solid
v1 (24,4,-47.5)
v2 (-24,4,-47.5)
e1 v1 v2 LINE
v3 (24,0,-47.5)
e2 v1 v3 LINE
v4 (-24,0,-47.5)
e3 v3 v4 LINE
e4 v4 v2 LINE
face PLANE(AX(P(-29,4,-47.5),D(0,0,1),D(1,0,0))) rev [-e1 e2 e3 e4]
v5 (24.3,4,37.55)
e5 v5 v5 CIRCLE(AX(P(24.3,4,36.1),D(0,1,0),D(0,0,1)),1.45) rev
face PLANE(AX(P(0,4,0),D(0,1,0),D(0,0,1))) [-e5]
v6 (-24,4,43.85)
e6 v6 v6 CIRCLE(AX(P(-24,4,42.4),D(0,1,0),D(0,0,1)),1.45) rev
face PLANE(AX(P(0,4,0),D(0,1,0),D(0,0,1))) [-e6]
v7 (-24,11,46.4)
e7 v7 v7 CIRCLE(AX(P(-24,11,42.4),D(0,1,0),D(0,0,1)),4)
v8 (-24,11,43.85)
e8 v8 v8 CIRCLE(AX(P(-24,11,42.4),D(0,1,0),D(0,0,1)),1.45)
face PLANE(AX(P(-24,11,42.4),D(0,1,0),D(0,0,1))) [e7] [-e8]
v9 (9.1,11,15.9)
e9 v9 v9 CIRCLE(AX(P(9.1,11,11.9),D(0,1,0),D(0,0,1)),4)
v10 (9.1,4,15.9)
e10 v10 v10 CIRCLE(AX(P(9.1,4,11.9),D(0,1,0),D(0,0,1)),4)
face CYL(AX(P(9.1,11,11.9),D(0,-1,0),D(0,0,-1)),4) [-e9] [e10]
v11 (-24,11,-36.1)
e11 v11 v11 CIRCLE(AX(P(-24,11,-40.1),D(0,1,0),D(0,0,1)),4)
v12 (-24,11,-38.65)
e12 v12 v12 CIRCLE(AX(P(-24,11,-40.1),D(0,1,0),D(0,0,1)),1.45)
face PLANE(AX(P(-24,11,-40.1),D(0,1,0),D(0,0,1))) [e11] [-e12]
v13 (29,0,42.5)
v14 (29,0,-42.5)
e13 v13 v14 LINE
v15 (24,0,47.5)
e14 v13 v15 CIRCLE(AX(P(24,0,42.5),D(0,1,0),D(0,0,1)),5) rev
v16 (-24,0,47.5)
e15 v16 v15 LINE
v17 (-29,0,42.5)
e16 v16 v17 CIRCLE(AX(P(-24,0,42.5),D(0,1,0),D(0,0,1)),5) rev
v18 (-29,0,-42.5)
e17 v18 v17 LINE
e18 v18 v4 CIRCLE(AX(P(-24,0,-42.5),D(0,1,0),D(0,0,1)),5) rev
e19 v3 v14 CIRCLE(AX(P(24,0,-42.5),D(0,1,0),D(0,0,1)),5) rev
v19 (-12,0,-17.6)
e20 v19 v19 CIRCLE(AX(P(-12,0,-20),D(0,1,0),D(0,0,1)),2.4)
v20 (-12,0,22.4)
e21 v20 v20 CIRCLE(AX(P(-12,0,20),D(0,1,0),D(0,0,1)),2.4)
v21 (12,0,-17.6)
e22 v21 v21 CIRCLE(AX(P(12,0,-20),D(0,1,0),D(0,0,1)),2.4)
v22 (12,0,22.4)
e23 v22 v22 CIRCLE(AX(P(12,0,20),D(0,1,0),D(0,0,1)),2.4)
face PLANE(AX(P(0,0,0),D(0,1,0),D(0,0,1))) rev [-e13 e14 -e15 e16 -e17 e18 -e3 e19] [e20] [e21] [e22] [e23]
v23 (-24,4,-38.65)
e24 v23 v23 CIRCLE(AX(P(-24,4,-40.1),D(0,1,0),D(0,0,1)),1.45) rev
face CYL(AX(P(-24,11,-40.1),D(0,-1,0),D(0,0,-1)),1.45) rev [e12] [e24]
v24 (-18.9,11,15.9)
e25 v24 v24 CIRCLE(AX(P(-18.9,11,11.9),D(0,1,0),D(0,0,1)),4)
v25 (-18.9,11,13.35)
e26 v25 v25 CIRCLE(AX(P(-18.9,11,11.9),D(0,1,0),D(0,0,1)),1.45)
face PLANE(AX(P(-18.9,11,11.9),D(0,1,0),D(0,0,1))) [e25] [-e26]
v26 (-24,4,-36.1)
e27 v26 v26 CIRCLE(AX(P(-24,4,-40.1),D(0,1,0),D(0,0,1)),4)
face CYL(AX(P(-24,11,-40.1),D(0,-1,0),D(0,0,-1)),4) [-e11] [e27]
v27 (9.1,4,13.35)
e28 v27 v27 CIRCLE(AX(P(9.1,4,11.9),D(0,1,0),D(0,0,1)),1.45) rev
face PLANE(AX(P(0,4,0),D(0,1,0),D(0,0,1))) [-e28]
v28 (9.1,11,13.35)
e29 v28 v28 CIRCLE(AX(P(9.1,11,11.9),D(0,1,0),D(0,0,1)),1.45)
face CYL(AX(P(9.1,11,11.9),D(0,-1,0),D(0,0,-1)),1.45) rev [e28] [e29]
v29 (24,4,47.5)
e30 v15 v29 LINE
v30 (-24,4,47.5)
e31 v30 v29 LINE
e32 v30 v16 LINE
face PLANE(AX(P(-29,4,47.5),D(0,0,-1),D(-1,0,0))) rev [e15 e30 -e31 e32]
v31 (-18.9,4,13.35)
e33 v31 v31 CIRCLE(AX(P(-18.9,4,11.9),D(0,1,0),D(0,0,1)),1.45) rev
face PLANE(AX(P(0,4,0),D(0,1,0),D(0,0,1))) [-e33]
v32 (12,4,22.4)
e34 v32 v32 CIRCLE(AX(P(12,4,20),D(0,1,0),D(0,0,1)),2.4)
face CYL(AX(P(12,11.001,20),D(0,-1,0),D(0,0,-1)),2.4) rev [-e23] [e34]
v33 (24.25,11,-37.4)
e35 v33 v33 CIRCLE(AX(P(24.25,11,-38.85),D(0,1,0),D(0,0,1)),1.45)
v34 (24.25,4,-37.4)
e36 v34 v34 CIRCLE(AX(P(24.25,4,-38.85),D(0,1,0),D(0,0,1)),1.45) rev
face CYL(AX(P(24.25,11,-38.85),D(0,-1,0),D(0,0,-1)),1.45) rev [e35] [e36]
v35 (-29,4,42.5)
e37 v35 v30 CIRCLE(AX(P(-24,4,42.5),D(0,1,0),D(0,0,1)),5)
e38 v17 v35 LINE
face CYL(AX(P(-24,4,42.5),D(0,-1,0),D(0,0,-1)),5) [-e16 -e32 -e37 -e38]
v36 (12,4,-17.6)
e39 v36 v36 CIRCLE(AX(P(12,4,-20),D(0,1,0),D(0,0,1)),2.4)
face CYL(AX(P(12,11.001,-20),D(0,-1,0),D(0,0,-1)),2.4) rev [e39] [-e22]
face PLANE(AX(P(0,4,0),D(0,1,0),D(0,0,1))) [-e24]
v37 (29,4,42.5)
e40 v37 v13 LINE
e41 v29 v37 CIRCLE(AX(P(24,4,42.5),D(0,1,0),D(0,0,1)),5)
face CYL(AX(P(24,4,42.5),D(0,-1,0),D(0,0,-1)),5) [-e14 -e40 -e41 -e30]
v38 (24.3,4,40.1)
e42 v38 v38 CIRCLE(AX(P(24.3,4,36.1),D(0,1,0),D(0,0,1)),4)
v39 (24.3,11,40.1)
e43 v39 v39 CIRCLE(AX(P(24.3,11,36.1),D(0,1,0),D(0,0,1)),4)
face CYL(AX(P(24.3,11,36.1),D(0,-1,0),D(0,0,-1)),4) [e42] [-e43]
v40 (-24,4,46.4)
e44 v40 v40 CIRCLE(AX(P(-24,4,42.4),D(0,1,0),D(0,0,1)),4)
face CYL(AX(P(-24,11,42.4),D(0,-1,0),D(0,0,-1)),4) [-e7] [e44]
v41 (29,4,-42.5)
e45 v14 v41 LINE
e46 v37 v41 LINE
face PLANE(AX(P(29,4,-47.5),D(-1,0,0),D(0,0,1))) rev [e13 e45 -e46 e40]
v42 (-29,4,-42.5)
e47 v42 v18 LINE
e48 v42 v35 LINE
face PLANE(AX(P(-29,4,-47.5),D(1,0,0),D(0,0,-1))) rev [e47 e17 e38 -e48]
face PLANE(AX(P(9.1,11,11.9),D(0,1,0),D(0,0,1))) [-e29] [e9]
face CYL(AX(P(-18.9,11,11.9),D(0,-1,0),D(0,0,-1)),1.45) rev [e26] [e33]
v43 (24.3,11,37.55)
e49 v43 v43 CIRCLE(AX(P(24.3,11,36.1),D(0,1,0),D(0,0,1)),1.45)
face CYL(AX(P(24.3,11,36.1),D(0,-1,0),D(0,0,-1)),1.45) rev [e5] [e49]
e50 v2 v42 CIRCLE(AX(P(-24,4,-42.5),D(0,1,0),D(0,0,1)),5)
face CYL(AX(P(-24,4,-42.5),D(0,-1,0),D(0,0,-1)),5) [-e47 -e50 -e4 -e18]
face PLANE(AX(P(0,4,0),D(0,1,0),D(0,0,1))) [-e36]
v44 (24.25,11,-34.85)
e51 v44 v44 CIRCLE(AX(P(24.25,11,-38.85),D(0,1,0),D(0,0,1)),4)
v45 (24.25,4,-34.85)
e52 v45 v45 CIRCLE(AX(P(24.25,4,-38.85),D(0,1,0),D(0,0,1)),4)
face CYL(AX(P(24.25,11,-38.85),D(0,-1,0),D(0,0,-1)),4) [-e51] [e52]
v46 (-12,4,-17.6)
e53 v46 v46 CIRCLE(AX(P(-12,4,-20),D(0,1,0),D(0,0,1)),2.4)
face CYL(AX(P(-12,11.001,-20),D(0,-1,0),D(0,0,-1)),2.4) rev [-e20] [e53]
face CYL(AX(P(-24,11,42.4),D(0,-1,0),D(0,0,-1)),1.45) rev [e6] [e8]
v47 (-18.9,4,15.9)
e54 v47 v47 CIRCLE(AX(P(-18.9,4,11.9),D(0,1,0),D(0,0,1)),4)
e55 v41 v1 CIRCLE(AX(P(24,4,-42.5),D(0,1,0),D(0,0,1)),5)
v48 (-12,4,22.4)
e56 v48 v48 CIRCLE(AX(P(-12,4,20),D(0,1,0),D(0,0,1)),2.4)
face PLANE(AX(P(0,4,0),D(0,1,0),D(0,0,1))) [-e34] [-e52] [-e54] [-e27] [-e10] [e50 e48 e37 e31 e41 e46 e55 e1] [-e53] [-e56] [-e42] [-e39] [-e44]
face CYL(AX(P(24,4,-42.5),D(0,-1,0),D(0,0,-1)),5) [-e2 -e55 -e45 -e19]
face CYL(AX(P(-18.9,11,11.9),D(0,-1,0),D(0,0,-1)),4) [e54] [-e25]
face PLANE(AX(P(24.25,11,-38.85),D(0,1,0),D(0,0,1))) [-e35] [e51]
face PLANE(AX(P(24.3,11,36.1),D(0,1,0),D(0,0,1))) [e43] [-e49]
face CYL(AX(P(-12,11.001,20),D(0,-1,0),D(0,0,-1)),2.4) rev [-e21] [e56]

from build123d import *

# Parameters (mm, degrees)
SKETCH1_W           = 58
SKETCH1_H           = 95
BOSS_EXTRUDE1_DEPTH = 4
SKETCH2_R           = 4
SKETCH2_R_2         = 1.45
BOSS_EXTRUDE2_DEPTH = 7
FILLET1_R           = 5
CUT_EXTRUDE1_REACH  = 58.73
SKETCH3_R           = 2.4


with BuildPart() as part:
    # Sketch1 → Boss-Extrude1 (new body)
    with BuildSketch(Plane(origin=(0, 0, 0), x_dir=(1, 0, 0), z_dir=(0, 1, 0))):
        Rectangle(SKETCH1_W, SKETCH1_H)
    extrude(amount=BOSS_EXTRUDE1_DEPTH)

    # Sketch2 → Boss-Extrude2 (add)
    # profile 1 of 6: a face of its own
    with BuildSketch(Plane(origin=(0, 4, 0), x_dir=(1, 0, 0), z_dir=(0, 1, 0))):
        with Locations(Location((-24, 40.1, 0), (0, 0, 270))):
            Circle(SKETCH2_R)
        with Locations(Location((-24, 40.1, 0), (0, 0, 270))):
            Circle(SKETCH2_R_2, mode=Mode.SUBTRACT)
    # profile 2 of 6: a face of its own
    with BuildSketch(Plane(origin=(0, 4, 0), x_dir=(1, 0, 0), z_dir=(0, 1, 0))):
        with Locations(Location((24.25, 38.85, 0), (0, 0, 270))):
            Circle(SKETCH2_R)
        with Locations(Location((24.25, 38.85, 0), (0, 0, 270))):
            Circle(SKETCH2_R_2, mode=Mode.SUBTRACT)
    # profile 3 of 6: a face of its own
    with BuildSketch(Plane(origin=(0, 4, 0), x_dir=(1, 0, 0), z_dir=(0, 1, 0))):
        with Locations(Location((-18.9, -11.9, 0), (0, 0, 270))):
            Circle(SKETCH2_R)
        with Locations(Location((-18.9, -11.9, 0), (0, 0, 270))):
            Circle(SKETCH2_R_2, mode=Mode.SUBTRACT)
    # profile 4 of 6: a face of its own
    with BuildSketch(Plane(origin=(0, 4, 0), x_dir=(1, 0, 0), z_dir=(0, 1, 0))):
        with Locations(Location((9.1, -11.9, 0), (0, 0, 270))):
            Circle(SKETCH2_R)
        with Locations(Location((9.1, -11.9, 0), (0, 0, 270))):
            Circle(SKETCH2_R_2, mode=Mode.SUBTRACT)
    # profile 5 of 6: a face of its own
    with BuildSketch(Plane(origin=(0, 4, 0), x_dir=(1, 0, 0), z_dir=(0, 1, 0))):
        with Locations(Location((-24, -42.4, 0), (0, 0, 270))):
            Circle(SKETCH2_R)
        with Locations(Location((-24, -42.4, 0), (0, 0, 270))):
            Circle(SKETCH2_R_2, mode=Mode.SUBTRACT)
    # profile 6 of 6: a face of its own
    with BuildSketch(Plane(origin=(0, 4, 0), x_dir=(1, 0, 0), z_dir=(0, 1, 0))):
        with Locations(Location((24.3, -36.1, 0), (0, 0, 270))):
            Circle(SKETCH2_R)
        with Locations(Location((24.3, -36.1, 0), (0, 0, 270))):
            Circle(SKETCH2_R_2, mode=Mode.SUBTRACT)
    extrude(amount=BOSS_EXTRUDE2_DEPTH)

    # Fillet1
    fillet1_edges = [part.edges().sort_by_distance(p)[0] for p in [
        (29, 2, 47.5),
        (-29, 2, 47.5),
        (-29, 2, -47.5),
        (29, 2, -47.5),
    ]]
    fillet(fillet1_edges, radius=FILLET1_R)

    # Sketch3 → Cut-Extrude1 (cut, up to next)
    with BuildSketch(Plane(origin=(0, 0, 0), x_dir=(1, 0, 0), z_dir=(0, 1, 0)), mode=Mode.PRIVATE) as cut_extrude1_sk1:
        with Locations(Location((-12, 20, 0), (0, 0, 270))):
            Circle(SKETCH3_R)
    cut_extrude1_tool1 = extrude(cut_extrude1_sk1.sketch, amount=CUT_EXTRUDE1_REACH, mode=Mode.PRIVATE) & part.part
    # Sketch3 → Cut-Extrude1 (cut, up to next)
    with BuildSketch(Plane(origin=(0, 0, 0), x_dir=(1, 0, 0), z_dir=(0, 1, 0)), mode=Mode.PRIVATE) as cut_extrude1_sk2:
        with Locations(Location((12, 20, 0), (0, 0, 270))):
            Circle(SKETCH3_R)
    cut_extrude1_tool2 = extrude(cut_extrude1_sk2.sketch, amount=CUT_EXTRUDE1_REACH, mode=Mode.PRIVATE) & part.part
    # Sketch3 → Cut-Extrude1 (cut, up to next)
    with BuildSketch(Plane(origin=(0, 0, 0), x_dir=(1, 0, 0), z_dir=(0, 1, 0)), mode=Mode.PRIVATE) as cut_extrude1_sk3:
        with Locations(Location((-12, -20, 0), (0, 0, 270))):
            Circle(SKETCH3_R)
    cut_extrude1_tool3 = extrude(cut_extrude1_sk3.sketch, amount=CUT_EXTRUDE1_REACH, mode=Mode.PRIVATE) & part.part
    # Sketch3 → Cut-Extrude1 (cut, up to next)
    with BuildSketch(Plane(origin=(0, 0, 0), x_dir=(1, 0, 0), z_dir=(0, 1, 0)), mode=Mode.PRIVATE) as cut_extrude1_sk4:
        with Locations(Location((12, -20, 0), (0, 0, 270))):
            Circle(SKETCH3_R)
    cut_extrude1_tool4 = extrude(cut_extrude1_sk4.sketch, amount=CUT_EXTRUDE1_REACH, mode=Mode.PRIVATE) & part.part
    add(cut_extrude1_tool1.solids().sort_by_distance((-12, 0, -20))[0], mode=Mode.SUBTRACT)
    add(cut_extrude1_tool2.solids().sort_by_distance((12, 0, -20))[0], mode=Mode.SUBTRACT)
    add(cut_extrude1_tool3.solids().sort_by_distance((-12, 0, 20))[0], mode=Mode.SUBTRACT)
    add(cut_extrude1_tool4.solids().sort_by_distance((12, 0, 20))[0], mode=Mode.SUBTRACT)


solid = part.part
